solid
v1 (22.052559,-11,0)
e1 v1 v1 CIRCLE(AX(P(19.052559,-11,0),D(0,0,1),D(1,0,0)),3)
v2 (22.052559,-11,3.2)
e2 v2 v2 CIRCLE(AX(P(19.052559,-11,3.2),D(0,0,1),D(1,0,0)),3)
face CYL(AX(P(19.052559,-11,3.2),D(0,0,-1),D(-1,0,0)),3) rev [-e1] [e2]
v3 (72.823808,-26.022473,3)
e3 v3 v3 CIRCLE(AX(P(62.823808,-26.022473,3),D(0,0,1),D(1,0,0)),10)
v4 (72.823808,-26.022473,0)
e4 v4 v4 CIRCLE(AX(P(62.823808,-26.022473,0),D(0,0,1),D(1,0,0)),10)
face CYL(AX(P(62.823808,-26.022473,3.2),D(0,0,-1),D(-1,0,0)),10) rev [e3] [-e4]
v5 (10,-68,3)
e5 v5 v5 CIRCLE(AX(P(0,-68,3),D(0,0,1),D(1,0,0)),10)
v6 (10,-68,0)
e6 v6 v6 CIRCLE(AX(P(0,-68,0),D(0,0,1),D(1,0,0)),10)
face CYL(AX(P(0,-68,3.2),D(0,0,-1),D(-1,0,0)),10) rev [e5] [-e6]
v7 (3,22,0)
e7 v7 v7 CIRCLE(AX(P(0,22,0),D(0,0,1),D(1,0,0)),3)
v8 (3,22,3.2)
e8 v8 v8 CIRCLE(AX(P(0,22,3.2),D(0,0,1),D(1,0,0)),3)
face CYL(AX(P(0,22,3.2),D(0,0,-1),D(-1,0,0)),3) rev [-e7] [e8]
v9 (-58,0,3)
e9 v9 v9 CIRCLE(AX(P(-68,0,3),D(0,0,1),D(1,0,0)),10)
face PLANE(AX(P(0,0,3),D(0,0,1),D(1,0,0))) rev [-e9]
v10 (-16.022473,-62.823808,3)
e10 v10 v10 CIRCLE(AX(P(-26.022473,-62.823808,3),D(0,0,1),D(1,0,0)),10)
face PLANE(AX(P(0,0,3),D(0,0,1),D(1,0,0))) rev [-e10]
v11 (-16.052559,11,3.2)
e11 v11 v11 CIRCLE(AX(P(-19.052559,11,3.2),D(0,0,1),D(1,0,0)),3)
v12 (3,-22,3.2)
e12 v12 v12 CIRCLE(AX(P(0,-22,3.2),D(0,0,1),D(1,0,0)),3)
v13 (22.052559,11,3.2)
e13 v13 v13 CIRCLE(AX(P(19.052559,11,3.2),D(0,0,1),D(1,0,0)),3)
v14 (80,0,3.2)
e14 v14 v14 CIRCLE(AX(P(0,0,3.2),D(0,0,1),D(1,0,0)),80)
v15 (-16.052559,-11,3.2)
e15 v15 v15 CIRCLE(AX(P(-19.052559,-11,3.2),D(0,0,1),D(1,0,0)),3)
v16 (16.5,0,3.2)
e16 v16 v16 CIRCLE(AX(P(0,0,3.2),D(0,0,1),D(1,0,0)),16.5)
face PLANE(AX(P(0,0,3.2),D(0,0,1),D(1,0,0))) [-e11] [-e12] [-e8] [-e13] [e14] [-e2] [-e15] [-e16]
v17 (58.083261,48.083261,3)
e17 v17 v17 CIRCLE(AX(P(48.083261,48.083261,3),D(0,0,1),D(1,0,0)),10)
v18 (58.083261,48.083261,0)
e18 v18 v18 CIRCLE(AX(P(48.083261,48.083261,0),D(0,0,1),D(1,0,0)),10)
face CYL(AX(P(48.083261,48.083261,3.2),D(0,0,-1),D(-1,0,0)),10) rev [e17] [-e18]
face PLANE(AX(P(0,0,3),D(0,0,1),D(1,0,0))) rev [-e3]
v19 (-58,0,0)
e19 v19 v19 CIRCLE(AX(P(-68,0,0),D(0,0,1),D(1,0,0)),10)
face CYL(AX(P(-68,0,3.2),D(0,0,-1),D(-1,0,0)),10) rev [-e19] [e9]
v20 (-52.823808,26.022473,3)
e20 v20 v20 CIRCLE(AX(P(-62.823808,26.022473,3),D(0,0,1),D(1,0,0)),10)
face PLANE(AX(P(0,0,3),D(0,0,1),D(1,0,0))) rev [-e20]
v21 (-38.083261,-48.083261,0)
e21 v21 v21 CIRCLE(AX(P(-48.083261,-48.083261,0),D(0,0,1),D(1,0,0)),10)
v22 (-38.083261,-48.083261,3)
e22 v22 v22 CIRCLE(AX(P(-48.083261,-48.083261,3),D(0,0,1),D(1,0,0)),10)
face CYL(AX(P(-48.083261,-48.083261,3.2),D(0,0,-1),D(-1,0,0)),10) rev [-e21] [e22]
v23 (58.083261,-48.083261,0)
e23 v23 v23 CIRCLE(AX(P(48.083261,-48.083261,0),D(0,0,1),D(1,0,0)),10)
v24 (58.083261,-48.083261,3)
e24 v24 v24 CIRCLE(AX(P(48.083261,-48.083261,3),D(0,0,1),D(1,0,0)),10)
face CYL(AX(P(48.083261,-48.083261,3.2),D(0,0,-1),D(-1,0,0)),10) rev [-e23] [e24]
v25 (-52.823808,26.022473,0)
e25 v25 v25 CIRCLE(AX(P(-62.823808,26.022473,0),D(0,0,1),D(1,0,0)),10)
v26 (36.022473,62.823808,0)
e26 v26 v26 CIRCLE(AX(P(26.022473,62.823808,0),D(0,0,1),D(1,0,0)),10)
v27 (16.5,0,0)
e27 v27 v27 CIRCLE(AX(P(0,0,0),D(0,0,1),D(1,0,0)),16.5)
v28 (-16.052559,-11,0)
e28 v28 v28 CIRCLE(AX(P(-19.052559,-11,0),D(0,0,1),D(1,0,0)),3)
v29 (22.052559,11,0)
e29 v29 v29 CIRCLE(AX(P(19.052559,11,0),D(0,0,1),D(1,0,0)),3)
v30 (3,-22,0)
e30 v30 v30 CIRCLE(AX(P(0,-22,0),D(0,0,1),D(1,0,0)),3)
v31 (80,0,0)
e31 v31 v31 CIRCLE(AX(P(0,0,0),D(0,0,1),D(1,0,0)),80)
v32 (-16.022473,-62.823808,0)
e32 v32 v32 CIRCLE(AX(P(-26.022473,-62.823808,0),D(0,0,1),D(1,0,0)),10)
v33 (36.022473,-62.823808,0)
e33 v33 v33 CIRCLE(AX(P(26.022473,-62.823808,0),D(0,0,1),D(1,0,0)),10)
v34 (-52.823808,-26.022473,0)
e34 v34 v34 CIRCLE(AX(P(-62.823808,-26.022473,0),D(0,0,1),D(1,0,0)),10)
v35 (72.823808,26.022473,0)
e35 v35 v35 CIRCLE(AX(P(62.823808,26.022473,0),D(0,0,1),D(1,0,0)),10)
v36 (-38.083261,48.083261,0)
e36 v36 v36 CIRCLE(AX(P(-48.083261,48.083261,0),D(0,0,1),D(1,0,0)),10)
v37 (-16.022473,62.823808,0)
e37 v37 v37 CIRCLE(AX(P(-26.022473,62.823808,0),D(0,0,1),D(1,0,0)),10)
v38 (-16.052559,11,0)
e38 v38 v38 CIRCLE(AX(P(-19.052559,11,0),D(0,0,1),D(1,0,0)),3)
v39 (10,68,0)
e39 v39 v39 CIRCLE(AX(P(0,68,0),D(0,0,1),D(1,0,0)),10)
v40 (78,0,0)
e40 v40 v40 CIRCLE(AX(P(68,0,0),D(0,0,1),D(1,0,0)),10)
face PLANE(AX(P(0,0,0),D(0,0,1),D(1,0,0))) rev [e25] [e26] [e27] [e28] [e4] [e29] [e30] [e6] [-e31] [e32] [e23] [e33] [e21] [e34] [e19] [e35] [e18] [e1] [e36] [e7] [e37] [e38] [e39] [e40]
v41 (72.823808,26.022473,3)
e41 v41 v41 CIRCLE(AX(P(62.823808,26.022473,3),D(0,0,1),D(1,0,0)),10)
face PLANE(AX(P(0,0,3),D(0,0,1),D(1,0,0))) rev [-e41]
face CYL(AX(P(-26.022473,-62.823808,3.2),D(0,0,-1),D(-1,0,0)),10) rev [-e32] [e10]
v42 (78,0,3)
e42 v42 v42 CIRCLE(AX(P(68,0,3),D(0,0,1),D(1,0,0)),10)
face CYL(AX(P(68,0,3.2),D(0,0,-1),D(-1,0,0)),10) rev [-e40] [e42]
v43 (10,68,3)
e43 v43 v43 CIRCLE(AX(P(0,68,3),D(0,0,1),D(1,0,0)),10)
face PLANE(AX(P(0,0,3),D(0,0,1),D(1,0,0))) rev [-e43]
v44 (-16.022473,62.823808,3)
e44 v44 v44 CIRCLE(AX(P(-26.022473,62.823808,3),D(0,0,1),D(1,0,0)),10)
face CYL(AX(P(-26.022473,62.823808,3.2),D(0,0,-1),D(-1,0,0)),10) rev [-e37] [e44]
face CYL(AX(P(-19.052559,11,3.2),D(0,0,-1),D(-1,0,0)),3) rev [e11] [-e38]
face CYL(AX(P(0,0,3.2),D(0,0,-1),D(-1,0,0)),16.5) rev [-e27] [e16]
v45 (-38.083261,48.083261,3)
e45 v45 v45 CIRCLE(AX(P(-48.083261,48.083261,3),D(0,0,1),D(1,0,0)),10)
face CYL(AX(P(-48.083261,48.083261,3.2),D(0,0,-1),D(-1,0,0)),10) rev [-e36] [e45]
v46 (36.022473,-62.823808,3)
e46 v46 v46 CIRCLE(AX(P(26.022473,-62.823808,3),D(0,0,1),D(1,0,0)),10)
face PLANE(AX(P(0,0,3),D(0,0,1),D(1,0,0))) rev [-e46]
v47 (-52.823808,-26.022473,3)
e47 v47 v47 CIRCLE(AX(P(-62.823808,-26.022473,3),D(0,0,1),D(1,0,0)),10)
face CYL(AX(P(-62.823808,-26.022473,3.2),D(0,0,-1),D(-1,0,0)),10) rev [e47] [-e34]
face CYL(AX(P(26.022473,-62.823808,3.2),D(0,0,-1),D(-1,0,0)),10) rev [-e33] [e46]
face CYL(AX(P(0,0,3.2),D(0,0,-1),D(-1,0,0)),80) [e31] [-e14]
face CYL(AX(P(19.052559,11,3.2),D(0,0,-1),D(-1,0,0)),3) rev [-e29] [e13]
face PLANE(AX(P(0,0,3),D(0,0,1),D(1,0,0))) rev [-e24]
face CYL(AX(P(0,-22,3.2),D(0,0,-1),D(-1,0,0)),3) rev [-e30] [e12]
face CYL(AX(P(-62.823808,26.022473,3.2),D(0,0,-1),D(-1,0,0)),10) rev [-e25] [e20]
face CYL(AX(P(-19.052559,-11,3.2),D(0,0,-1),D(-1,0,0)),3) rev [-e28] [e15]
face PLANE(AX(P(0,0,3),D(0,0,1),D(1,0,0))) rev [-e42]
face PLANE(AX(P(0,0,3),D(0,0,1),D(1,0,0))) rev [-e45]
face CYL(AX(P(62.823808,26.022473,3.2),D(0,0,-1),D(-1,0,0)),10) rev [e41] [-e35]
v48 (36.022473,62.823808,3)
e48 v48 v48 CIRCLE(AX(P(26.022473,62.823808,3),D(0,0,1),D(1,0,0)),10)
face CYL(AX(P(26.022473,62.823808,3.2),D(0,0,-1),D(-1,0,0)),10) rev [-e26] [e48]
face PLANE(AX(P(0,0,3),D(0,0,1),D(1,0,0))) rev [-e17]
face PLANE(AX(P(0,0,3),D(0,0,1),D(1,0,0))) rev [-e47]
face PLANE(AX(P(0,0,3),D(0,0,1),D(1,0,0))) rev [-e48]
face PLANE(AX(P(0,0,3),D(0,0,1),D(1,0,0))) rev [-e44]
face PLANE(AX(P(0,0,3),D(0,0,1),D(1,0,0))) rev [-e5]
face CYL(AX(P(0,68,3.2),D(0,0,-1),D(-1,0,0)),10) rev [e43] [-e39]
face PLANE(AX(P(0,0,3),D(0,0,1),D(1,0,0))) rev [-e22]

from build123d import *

# Parameters (mm, degrees)
ESQUISSE1_R        = 80
ESQUISSE1_R_2      = 3
ESQUISSE1_R_3      = 16.5
ESQUISSE1_R_4      = 10
BOSS_EXTRU_1_DEPTH = 3.2
BOSS_EXTRU_2_START = -0.2
ESQUISSE2_R        = 80
ESQUISSE2_R_2      = 53.253598624
BOSS_EXTRU_2_DEPTH = 0.2


with BuildPart() as part:
    # Esquisse1 → Boss.-Extru.1 (new body)
    with BuildSketch(Plane.XY):
        Circle(ESQUISSE1_R)
        with Locations((0, 22)):
            Circle(ESQUISSE1_R_2, mode=Mode.SUBTRACT)
        Circle(ESQUISSE1_R_3, mode=Mode.SUBTRACT)
        with Locations((19.052558883, 11)):
            Circle(ESQUISSE1_R_2, mode=Mode.SUBTRACT)
        with Locations((19.052558883, -11)):
            Circle(ESQUISSE1_R_2, mode=Mode.SUBTRACT)
        with Locations((0, -22)):
            Circle(ESQUISSE1_R_2, mode=Mode.SUBTRACT)
        with Locations((-19.052558883, -11)):
            Circle(ESQUISSE1_R_2, mode=Mode.SUBTRACT)
        with Locations((-19.052558883, 11)):
            Circle(ESQUISSE1_R_2, mode=Mode.SUBTRACT)
        with Locations((0, 68)):
            Circle(ESQUISSE1_R_4, mode=Mode.SUBTRACT)
        with Locations((26.022473401, 62.823808211)):
            Circle(ESQUISSE1_R_4, mode=Mode.SUBTRACT)
        with Locations((48.083261121, 48.083261121)):
            Circle(ESQUISSE1_R_4, mode=Mode.SUBTRACT)
        with Locations((62.823808211, 26.022473401)):
            Circle(ESQUISSE1_R_4, mode=Mode.SUBTRACT)
        with Locations((68, 0)):
            Circle(ESQUISSE1_R_4, mode=Mode.SUBTRACT)
        with Locations((62.823808211, -26.022473401)):
            Circle(ESQUISSE1_R_4, mode=Mode.SUBTRACT)
        with Locations((48.083261121, -48.083261121)):
            Circle(ESQUISSE1_R_4, mode=Mode.SUBTRACT)
        with Locations((26.022473401, -62.823808211)):
            Circle(ESQUISSE1_R_4, mode=Mode.SUBTRACT)
        with Locations((0, -68)):
            Circle(ESQUISSE1_R_4, mode=Mode.SUBTRACT)
        with Locations((-26.022473401, -62.823808211)):
            Circle(ESQUISSE1_R_4, mode=Mode.SUBTRACT)
        with Locations((-48.083261121, -48.083261121)):
            Circle(ESQUISSE1_R_4, mode=Mode.SUBTRACT)
        with Locations((-62.823808211, -26.022473401)):
            Circle(ESQUISSE1_R_4, mode=Mode.SUBTRACT)
        with Locations((-68, 0)):
            Circle(ESQUISSE1_R_4, mode=Mode.SUBTRACT)
        with Locations((-62.823808211, 26.022473401)):
            Circle(ESQUISSE1_R_4, mode=Mode.SUBTRACT)
        with Locations((-48.083261121, 48.083261121)):
            Circle(ESQUISSE1_R_4, mode=Mode.SUBTRACT)
        with Locations((-26.022473401, 62.823808211)):
            Circle(ESQUISSE1_R_4, mode=Mode.SUBTRACT)
    extrude(amount=BOSS_EXTRU_1_DEPTH)

    # Esquisse2 → Boss.-Extru.2 (add)
    with BuildSketch(Plane.XY.offset(3.2).offset(BOSS_EXTRU_2_START)):
        Circle(ESQUISSE2_R)
        Circle(ESQUISSE2_R_2, mode=Mode.SUBTRACT)
    extrude(amount=BOSS_EXTRU_2_DEPTH)


solid = part.part
